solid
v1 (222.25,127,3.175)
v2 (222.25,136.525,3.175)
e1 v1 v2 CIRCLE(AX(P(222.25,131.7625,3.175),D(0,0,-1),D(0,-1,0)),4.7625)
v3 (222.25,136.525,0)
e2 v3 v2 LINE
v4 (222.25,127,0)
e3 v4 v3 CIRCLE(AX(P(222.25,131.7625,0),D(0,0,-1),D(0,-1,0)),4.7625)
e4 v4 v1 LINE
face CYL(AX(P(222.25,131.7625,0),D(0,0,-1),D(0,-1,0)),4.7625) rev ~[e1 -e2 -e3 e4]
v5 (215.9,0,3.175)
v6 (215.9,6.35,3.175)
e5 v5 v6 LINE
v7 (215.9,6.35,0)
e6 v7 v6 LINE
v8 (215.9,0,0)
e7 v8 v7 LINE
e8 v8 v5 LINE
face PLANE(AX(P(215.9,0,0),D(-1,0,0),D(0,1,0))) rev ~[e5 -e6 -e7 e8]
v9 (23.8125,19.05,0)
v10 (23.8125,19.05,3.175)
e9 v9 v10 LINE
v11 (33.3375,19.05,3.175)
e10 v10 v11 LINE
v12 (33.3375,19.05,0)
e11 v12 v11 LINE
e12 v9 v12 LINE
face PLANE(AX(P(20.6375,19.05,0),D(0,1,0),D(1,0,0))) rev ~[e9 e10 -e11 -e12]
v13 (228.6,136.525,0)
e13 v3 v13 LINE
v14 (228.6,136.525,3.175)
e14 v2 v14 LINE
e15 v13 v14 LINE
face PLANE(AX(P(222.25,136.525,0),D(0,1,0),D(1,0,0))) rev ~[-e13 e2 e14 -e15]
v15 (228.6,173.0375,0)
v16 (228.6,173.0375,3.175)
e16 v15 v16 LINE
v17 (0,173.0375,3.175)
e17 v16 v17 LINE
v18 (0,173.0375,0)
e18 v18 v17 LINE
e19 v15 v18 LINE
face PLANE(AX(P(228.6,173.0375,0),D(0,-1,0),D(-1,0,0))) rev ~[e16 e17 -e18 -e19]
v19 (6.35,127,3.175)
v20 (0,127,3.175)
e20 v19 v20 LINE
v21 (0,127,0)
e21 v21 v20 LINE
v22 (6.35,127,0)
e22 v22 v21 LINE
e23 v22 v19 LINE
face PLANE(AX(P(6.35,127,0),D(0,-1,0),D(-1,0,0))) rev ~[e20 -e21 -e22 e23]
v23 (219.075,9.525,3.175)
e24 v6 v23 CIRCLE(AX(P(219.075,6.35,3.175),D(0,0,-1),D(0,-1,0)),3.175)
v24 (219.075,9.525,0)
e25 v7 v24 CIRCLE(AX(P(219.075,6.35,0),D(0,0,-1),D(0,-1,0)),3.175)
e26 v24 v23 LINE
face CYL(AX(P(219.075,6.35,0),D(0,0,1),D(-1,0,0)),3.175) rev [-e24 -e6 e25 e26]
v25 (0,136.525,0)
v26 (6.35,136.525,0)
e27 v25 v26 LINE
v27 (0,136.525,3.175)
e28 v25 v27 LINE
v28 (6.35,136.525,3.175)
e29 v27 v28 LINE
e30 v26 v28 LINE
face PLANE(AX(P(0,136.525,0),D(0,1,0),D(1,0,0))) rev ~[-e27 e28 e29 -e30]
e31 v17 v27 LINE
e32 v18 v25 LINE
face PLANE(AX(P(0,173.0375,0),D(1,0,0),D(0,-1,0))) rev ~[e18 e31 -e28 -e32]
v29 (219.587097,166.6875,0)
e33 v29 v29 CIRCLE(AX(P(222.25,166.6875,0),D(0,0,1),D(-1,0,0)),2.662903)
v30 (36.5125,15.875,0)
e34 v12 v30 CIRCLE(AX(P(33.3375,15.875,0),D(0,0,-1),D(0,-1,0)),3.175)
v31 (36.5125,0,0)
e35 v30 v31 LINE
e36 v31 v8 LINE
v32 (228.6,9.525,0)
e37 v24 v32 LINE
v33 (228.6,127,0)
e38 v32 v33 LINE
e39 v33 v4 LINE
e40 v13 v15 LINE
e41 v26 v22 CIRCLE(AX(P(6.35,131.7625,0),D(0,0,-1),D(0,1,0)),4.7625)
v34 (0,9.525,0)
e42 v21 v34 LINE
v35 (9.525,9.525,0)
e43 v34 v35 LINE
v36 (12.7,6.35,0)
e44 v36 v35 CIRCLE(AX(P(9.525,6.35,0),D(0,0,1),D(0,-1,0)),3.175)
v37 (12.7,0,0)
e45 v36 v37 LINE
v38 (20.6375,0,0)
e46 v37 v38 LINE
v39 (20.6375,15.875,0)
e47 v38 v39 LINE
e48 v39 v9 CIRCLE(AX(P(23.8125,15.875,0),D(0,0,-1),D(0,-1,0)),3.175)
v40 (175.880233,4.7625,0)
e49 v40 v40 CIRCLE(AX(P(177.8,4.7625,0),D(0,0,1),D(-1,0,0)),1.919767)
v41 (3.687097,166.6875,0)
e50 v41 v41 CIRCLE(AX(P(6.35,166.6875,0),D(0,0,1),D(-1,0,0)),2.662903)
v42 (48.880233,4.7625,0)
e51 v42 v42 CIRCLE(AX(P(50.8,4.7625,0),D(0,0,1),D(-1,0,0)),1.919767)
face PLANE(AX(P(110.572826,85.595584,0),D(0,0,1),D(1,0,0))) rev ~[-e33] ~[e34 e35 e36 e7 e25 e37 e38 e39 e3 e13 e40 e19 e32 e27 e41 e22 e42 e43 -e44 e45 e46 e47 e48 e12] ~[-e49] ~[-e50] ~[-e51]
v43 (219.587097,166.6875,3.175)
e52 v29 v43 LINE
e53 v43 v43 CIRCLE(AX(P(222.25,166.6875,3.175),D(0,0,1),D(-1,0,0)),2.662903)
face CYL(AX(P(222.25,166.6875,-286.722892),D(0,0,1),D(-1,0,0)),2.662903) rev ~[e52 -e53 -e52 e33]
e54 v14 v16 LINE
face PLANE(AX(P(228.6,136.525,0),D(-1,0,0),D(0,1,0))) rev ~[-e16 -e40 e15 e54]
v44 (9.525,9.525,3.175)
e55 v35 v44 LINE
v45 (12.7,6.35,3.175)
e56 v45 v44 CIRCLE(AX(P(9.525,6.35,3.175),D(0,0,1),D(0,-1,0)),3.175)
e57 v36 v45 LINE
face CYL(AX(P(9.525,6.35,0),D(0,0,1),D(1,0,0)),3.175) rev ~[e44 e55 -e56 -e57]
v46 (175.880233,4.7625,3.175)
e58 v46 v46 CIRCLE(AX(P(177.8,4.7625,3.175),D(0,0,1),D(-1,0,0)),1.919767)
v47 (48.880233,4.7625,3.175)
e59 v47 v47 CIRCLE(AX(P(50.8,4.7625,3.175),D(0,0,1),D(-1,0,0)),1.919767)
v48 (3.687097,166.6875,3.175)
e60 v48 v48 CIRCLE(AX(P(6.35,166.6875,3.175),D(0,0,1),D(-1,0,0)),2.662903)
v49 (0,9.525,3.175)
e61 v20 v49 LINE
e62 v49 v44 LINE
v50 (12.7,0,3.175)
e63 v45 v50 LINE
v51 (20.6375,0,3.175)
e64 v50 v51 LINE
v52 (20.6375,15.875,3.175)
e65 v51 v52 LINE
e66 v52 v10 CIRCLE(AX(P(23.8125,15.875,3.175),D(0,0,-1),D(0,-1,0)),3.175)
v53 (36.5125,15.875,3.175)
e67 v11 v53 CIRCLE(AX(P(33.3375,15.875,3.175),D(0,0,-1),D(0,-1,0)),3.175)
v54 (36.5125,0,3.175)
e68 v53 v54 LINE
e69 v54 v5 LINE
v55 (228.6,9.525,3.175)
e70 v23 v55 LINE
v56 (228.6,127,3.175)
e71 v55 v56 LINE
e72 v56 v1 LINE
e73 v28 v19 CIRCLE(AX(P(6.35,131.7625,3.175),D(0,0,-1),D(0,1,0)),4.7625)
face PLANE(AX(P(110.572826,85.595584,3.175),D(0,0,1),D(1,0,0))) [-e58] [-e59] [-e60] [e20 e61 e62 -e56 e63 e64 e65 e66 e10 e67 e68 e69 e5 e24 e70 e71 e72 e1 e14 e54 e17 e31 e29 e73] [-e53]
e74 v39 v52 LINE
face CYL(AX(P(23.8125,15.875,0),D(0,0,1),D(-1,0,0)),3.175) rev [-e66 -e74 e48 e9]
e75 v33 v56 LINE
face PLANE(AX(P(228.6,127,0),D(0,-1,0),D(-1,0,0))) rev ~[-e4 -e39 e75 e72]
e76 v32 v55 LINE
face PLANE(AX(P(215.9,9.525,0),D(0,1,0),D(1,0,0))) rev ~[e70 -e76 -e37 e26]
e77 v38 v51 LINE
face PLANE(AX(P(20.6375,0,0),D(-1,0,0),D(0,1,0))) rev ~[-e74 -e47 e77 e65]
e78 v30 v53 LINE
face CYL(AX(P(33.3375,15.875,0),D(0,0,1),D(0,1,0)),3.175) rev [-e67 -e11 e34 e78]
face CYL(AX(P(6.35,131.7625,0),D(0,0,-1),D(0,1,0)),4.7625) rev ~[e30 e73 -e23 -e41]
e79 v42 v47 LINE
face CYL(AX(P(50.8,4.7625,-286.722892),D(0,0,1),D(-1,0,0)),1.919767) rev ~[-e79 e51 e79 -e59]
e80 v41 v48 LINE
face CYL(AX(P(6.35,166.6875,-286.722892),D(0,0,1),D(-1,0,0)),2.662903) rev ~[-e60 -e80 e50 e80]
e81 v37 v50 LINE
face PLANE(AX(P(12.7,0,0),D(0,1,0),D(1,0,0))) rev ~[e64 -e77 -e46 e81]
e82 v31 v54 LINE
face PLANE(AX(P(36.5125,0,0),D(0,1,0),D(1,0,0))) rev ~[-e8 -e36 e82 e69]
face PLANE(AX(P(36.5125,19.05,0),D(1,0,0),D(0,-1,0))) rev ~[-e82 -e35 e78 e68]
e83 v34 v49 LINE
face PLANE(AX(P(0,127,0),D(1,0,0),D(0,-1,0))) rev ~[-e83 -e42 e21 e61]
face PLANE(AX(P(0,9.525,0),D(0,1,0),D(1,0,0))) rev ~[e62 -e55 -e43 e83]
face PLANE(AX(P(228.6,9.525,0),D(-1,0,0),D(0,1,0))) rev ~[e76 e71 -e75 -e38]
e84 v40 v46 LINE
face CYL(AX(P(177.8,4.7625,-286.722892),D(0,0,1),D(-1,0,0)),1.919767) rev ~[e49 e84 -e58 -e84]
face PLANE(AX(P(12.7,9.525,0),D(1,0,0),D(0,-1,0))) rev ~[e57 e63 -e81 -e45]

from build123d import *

# Parameters (mm, degrees)
F1_DEPTH = 3.175
F2_D     = 3.8395348837
F3_D     = 5.3258064516
F4_R     = 3.175


with BuildPart() as f1:
    # F0 (on Top) → F1 (new body)
    with BuildSketch(Plane.XY):
        with BuildLine():
            Line((12.7, 9.525), (12.7, 0))
            Line((12.7, 0), (20.6375, 0))
            Line((20.6375, 0), (20.6375, 19.05))
            Line((20.6375, 19.05), (36.5125, 19.05))
            Line((36.5125, 19.05), (36.5125, 0))
            Line((36.5125, 0), (215.9, 0))
            Line((215.9, 0), (215.9, 9.525))
            Line((215.9, 9.525), (228.6, 9.525))
            Line((228.6, 9.525), (228.6, 127))
            Line((228.6, 127), (222.25, 127))
            ThreePointArc((222.25, 127), (217.4875, 131.7625), (222.25, 136.525))
            Line((222.25, 136.525), (228.6, 136.525))
            Line((228.6, 136.525), (228.6, 173.0375))
            Line((228.6, 173.0375), (0, 173.0375))
            Line((0, 173.0375), (0, 136.525))
            Line((0, 136.525), (6.35, 136.525))
            ThreePointArc((6.35, 136.525), (11.1125, 131.7625), (6.35, 127))
            Line((6.35, 127), (0, 127))
            Line((0, 127), (0, 9.525))
            Line((0, 9.525), (12.7, 9.525))
        make_face()
    extrude(amount=F1_DEPTH)

    # F2 (through all)
    with Locations(Plane(origin=(0, 0, 0), x_dir=(1, 0, 0), z_dir=(0, 0, -1))):
        with Locations((50.8, -4.7625), (177.8, -4.7625)):
            Hole(F2_D / 2)

    # F3 (through all)
    with Locations(Plane(origin=(0, 0, 0), x_dir=(1, 0, 0), z_dir=(0, 0, -1))):
        with Locations((6.35, -166.6875), (222.25, -166.6875)):
            Hole(F3_D / 2)

    # F4
    f4_edges = [f1.edges().sort_by_distance(p)[0] for p in [
        (215.9, 9.525, 1.5875),
        (12.7, 9.525, 1.5875),
        (36.5125, 19.05, 1.5875),
        (20.6375, 19.05, 1.5875),
    ]]
    fillet(f4_edges, radius=F4_R)


solid = f1.part
